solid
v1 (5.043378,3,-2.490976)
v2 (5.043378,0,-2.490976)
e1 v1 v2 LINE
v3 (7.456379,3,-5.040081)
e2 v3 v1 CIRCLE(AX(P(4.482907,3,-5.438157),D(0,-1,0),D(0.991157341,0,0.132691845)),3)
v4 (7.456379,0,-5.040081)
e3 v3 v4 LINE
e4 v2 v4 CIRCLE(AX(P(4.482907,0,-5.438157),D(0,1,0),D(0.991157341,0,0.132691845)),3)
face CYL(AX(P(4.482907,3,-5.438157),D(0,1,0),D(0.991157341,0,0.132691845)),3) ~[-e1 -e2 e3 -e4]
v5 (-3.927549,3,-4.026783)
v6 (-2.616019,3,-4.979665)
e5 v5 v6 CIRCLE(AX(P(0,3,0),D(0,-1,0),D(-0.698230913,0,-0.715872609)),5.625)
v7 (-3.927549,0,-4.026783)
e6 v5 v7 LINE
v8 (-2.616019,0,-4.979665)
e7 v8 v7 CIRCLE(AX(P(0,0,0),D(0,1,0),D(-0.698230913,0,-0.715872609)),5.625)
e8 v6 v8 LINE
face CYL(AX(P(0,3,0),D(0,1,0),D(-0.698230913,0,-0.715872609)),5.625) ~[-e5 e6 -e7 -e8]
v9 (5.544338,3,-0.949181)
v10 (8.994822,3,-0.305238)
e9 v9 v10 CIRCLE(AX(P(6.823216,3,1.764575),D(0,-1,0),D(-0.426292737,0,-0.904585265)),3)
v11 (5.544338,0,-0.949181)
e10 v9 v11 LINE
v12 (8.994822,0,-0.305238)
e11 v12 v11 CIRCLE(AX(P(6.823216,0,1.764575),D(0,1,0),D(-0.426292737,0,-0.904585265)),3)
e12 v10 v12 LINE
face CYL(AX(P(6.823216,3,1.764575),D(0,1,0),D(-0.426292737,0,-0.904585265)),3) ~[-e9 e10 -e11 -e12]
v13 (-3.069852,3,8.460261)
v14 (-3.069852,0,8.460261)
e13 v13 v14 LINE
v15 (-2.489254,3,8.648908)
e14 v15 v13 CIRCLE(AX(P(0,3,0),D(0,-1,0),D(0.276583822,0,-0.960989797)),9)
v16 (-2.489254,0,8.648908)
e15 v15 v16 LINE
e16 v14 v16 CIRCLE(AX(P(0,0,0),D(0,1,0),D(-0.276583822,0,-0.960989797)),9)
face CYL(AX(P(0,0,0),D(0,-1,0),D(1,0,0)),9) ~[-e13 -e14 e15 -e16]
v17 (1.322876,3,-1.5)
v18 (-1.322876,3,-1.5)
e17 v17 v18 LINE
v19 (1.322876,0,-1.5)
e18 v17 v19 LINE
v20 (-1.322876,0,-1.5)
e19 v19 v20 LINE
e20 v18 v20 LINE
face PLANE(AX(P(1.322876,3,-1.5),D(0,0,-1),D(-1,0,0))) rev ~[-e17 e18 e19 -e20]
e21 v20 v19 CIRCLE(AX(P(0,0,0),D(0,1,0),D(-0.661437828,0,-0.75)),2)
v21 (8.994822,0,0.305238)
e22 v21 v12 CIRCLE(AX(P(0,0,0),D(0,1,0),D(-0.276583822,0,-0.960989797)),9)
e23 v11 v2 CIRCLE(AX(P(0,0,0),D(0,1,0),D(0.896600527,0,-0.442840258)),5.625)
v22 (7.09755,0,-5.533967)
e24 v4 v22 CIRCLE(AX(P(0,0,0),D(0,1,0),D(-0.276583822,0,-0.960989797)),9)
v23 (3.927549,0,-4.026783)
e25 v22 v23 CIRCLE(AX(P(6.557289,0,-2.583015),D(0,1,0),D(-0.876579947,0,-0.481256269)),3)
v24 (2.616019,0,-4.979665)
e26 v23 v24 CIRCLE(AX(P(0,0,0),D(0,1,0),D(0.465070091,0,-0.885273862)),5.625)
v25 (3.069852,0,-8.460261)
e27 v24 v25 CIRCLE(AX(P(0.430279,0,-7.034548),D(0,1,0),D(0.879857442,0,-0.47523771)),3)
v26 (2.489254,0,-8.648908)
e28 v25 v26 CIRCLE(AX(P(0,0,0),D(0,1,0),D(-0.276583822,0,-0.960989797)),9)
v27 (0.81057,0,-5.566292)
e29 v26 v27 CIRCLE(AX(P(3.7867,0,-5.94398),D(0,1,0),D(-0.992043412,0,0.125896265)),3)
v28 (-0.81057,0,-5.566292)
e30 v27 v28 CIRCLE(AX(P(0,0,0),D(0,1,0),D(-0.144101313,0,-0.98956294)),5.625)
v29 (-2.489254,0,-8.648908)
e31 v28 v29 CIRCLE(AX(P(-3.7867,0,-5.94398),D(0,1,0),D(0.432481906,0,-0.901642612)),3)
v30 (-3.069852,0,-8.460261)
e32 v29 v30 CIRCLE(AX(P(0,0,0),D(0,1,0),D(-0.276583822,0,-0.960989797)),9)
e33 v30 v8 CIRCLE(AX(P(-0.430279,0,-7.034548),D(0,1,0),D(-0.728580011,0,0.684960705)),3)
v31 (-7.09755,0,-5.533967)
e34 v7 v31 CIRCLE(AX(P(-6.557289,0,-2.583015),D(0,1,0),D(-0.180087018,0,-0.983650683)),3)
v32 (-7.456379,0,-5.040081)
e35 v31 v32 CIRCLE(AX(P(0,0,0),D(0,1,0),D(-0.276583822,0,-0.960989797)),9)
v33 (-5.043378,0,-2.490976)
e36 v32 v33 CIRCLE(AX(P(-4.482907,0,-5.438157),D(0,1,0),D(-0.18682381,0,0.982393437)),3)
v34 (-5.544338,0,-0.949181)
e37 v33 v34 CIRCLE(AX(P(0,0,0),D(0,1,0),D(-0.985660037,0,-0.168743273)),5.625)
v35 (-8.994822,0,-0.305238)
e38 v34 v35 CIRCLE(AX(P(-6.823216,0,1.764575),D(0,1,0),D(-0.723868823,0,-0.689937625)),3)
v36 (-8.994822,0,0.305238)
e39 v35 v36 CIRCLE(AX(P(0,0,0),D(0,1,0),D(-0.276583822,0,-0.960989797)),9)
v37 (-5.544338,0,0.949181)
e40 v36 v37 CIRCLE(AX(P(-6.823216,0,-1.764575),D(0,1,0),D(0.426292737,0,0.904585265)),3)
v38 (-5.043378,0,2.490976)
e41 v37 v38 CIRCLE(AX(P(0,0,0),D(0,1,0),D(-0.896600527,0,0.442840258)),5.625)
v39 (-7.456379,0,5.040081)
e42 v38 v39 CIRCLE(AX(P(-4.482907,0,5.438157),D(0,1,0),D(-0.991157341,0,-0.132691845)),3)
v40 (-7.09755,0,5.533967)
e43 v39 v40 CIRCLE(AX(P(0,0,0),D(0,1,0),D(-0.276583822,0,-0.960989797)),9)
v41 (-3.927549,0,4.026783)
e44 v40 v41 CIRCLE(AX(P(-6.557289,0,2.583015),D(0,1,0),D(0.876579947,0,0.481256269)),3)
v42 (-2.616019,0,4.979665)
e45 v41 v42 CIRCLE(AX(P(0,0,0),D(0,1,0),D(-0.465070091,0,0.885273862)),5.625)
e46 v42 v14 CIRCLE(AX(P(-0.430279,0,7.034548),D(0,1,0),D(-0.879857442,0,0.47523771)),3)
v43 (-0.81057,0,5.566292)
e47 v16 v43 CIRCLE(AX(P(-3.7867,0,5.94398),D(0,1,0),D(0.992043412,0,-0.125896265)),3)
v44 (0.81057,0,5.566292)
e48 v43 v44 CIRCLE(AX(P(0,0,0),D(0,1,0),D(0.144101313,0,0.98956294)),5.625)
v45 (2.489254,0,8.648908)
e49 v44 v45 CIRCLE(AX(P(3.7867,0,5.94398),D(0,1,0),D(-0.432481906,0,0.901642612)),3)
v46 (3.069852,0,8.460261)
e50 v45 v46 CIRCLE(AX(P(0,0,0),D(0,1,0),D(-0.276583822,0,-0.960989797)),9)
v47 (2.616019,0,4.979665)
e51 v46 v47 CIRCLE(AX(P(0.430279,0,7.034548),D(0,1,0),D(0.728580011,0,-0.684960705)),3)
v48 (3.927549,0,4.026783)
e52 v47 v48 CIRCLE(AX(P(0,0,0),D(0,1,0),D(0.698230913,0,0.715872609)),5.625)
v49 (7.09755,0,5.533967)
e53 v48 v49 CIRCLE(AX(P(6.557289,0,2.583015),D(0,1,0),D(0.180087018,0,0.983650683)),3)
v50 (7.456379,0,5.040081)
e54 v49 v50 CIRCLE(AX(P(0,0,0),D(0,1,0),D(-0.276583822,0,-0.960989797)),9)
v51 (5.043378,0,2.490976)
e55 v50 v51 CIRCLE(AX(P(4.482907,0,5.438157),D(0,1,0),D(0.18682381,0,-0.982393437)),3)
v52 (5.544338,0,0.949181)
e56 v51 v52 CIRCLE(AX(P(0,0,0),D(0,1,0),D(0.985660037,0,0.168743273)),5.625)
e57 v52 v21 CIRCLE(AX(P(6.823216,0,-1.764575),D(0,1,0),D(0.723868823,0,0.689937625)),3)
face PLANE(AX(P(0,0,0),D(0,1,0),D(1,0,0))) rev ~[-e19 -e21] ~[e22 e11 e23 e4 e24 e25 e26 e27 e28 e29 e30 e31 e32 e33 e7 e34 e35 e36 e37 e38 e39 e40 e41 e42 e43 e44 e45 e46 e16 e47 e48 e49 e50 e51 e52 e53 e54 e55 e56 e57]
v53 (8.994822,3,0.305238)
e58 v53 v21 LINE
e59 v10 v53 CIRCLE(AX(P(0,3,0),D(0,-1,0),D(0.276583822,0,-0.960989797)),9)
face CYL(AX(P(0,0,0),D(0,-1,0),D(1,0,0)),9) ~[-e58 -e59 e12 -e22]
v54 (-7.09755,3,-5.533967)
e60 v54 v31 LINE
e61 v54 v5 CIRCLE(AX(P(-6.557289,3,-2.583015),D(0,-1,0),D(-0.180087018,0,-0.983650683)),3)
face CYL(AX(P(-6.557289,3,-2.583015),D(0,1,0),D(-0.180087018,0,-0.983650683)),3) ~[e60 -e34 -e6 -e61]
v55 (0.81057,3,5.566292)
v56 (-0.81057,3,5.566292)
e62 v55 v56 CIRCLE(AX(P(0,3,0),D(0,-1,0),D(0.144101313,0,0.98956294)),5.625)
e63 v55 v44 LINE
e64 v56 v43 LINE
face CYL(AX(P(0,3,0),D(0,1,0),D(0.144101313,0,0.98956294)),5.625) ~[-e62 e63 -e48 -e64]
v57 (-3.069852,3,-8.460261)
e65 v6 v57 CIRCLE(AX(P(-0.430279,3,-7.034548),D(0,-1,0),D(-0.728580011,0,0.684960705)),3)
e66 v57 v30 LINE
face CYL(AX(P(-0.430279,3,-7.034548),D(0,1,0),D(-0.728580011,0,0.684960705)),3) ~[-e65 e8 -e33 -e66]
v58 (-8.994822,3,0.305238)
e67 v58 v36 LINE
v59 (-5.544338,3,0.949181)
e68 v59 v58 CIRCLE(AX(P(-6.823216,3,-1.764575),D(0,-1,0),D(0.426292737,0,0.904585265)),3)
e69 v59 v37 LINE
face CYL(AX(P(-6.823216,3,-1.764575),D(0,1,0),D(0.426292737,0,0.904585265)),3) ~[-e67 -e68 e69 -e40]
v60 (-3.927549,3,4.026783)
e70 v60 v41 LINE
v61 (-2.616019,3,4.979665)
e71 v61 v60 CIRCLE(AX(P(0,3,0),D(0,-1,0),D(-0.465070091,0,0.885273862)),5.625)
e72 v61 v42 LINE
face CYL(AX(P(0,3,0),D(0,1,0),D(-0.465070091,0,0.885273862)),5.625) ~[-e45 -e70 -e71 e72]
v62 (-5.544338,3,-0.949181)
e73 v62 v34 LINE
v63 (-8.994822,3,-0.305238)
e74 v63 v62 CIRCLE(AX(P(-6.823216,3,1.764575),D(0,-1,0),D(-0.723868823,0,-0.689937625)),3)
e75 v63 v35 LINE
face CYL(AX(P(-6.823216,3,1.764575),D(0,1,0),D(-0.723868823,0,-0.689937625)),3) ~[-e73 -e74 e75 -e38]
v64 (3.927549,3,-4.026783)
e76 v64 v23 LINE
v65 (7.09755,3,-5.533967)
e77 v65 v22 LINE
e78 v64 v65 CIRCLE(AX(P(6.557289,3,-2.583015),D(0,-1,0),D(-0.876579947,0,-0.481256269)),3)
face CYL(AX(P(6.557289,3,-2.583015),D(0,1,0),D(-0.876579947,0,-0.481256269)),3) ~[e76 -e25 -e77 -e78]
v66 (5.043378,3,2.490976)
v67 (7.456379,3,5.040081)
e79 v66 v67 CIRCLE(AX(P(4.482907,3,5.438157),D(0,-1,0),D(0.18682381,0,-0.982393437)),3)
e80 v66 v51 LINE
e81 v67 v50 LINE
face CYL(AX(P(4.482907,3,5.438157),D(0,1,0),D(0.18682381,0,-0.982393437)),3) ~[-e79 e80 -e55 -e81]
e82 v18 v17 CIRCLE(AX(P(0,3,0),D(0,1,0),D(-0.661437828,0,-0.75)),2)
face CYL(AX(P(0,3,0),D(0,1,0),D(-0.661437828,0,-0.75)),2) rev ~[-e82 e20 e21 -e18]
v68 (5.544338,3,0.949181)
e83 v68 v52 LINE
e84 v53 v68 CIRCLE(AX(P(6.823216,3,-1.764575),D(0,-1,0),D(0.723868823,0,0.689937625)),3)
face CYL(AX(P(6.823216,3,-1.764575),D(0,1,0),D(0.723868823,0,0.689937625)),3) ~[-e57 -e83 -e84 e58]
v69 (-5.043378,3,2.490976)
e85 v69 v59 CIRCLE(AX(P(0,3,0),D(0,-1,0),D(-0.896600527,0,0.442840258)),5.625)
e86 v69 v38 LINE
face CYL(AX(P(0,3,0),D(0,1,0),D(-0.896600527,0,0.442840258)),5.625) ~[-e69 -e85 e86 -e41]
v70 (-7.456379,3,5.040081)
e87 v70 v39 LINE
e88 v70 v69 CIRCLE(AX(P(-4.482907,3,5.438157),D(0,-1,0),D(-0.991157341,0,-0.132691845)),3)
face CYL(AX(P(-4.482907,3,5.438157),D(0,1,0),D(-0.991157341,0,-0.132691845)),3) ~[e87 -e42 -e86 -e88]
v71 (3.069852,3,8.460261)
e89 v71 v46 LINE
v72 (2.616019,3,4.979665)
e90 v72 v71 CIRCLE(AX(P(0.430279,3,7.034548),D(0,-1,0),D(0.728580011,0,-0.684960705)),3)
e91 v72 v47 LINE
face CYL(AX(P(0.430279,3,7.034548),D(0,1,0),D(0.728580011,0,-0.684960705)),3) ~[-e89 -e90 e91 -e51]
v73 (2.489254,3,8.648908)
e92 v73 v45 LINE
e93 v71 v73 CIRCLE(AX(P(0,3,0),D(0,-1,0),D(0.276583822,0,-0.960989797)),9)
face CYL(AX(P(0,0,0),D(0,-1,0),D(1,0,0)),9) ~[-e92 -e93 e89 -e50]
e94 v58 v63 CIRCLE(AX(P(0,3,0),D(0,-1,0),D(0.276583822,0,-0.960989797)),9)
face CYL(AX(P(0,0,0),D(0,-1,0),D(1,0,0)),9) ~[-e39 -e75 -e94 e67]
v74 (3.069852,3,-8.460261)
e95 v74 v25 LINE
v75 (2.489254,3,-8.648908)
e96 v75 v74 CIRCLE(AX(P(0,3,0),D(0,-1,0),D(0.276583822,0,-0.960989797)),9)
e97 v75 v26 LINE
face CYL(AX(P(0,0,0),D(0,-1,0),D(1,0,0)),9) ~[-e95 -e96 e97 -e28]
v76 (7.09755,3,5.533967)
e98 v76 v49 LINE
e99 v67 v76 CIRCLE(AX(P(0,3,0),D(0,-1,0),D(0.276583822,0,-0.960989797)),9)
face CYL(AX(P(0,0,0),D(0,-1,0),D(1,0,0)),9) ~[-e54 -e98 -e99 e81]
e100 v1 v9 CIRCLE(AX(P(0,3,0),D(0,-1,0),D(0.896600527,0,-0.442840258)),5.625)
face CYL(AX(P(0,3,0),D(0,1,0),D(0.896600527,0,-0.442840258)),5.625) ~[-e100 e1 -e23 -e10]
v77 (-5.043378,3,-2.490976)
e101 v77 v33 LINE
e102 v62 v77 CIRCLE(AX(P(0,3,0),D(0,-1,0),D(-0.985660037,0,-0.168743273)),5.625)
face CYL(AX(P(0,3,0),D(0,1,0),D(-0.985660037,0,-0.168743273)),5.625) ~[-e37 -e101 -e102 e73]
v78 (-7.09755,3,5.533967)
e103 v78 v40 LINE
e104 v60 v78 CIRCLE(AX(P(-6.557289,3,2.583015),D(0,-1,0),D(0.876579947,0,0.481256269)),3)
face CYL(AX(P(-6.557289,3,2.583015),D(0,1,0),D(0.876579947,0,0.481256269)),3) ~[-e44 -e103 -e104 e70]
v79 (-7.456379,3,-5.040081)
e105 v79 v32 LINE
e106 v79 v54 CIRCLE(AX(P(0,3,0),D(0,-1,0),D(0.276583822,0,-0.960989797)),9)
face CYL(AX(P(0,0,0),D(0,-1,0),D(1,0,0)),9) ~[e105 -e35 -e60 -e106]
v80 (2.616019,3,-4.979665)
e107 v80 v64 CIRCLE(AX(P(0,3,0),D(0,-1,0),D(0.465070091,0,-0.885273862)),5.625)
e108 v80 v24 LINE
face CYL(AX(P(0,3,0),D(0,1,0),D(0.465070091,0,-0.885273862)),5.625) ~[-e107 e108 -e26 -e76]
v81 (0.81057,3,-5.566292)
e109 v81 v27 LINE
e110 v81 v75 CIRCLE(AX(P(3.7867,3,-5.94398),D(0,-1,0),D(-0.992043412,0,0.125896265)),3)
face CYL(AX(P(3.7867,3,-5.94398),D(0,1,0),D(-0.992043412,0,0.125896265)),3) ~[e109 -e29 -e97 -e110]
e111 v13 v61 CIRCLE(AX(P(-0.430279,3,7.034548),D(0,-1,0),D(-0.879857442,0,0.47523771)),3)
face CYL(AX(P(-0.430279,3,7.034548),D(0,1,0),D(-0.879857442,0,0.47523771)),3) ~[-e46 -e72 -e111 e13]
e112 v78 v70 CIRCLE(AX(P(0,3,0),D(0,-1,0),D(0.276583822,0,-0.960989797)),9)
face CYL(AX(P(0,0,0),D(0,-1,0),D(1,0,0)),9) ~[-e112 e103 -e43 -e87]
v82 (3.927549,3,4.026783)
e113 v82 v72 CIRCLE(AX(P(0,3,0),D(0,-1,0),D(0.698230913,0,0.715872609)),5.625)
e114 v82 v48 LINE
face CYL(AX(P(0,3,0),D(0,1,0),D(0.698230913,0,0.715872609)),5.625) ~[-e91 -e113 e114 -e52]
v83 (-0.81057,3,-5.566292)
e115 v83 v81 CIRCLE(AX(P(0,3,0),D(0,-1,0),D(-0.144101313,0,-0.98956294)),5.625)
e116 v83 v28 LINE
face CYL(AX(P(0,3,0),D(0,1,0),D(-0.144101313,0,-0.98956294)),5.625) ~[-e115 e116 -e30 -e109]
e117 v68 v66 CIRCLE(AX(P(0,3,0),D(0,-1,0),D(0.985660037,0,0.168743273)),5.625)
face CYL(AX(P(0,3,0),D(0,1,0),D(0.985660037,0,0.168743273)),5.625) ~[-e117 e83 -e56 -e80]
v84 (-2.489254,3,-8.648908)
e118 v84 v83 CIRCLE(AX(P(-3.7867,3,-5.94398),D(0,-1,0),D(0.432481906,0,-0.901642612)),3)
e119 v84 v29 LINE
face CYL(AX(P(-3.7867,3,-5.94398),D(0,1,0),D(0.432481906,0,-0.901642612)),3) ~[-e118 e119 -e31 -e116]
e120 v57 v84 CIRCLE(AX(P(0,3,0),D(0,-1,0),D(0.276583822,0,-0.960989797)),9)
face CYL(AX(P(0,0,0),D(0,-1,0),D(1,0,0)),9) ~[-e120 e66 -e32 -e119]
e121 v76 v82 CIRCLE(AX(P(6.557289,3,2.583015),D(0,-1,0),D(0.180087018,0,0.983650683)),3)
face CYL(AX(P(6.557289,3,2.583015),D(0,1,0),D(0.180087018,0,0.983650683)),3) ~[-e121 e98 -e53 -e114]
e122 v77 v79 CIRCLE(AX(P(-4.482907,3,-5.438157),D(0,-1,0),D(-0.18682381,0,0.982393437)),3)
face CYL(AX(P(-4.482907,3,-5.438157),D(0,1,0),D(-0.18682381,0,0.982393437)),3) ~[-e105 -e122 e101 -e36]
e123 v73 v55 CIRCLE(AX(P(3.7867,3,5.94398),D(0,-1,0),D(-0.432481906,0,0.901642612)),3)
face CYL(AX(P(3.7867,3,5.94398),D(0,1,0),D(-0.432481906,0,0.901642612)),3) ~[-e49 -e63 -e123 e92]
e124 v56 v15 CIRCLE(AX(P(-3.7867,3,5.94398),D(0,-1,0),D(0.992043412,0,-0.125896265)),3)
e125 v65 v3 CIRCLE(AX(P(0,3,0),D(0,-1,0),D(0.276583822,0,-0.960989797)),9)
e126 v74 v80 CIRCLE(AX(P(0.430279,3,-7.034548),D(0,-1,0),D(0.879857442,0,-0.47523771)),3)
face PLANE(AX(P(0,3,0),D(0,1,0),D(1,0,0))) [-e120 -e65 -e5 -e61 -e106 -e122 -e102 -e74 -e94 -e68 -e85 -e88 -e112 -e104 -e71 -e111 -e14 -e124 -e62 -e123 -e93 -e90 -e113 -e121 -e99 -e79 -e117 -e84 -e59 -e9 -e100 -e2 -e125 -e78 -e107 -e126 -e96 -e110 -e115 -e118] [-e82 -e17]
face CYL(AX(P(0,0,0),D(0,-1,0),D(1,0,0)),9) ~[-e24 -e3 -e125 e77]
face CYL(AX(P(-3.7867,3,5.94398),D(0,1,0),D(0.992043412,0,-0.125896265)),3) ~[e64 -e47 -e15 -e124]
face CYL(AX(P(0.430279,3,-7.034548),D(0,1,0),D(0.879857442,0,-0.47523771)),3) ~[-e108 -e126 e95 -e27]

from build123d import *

# Parameters (mm, degrees)
SKETCH1_R           = 9
BOSS_EXTRUDE1_DEPTH = 3
CUT_EXTRUDE1_DEPTH  = 4
CIRPATTERN1_COUNT   = 10
CUT_EXTRUDE5_DEPTH  = 4


with BuildPart() as part:
    # Sketch1 → Boss-Extrude1 (new body)
    with BuildSketch(Plane(origin=(0, 0, 0), x_dir=(1, 0, 0), z_dir=(0, 1, 0))):
        Circle(SKETCH1_R)
    extrude(amount=BOSS_EXTRUDE1_DEPTH)

    # Sketch2 → Cut-Extrude1 (cut, through all)
    with BuildSketch(Plane(origin=(0, 3, 0), x_dir=(1, 0, 0), z_dir=(0, 1, 0))):
        with BuildLine():
            ThreePointArc((-0.810569881, 5.566291536), (0, 5.625), (0.810569881, 5.566291536))
            ThreePointArc((0.810569881, 5.566291536), (1.152028564, 7.378729724), (2.489254397, 8.648908171))
            ThreePointArc((2.489254397, 8.648908171), (0, 9), (-2.489254397, 8.648908171))
            ThreePointArc((-2.489254397, 8.648908171), (-1.152028564, 7.378729724), (-0.810569881, 5.566291536))
        make_face()
    cut_extrude1 = extrude(amount=-CUT_EXTRUDE1_DEPTH, mode=Mode.SUBTRACT)

    # CirPattern1: Cut-Extrude1 ×10 about axis
    cirpattern1_axis = Axis((0, 0, 0), (0, 1, 0))
    for i in range(1, CIRPATTERN1_COUNT):
        add(cut_extrude1.rotate(cirpattern1_axis, i * 360 / CIRPATTERN1_COUNT), mode=Mode.SUBTRACT)

    # Sketch6 → Cut-Extrude5 (cut, through all)
    with BuildSketch(Plane(origin=(0, 3, 0), x_dir=(1, 0, 0), z_dir=(0, 1, 0))):
        with BuildLine():
            Line((1.322875656, 1.5), (-1.322875656, 1.5))
            ThreePointArc((-1.322875656, 1.5), (0, -2), (1.322875656, 1.5))
        make_face()
    extrude(amount=-CUT_EXTRUDE5_DEPTH, mode=Mode.SUBTRACT)


solid = part.part
